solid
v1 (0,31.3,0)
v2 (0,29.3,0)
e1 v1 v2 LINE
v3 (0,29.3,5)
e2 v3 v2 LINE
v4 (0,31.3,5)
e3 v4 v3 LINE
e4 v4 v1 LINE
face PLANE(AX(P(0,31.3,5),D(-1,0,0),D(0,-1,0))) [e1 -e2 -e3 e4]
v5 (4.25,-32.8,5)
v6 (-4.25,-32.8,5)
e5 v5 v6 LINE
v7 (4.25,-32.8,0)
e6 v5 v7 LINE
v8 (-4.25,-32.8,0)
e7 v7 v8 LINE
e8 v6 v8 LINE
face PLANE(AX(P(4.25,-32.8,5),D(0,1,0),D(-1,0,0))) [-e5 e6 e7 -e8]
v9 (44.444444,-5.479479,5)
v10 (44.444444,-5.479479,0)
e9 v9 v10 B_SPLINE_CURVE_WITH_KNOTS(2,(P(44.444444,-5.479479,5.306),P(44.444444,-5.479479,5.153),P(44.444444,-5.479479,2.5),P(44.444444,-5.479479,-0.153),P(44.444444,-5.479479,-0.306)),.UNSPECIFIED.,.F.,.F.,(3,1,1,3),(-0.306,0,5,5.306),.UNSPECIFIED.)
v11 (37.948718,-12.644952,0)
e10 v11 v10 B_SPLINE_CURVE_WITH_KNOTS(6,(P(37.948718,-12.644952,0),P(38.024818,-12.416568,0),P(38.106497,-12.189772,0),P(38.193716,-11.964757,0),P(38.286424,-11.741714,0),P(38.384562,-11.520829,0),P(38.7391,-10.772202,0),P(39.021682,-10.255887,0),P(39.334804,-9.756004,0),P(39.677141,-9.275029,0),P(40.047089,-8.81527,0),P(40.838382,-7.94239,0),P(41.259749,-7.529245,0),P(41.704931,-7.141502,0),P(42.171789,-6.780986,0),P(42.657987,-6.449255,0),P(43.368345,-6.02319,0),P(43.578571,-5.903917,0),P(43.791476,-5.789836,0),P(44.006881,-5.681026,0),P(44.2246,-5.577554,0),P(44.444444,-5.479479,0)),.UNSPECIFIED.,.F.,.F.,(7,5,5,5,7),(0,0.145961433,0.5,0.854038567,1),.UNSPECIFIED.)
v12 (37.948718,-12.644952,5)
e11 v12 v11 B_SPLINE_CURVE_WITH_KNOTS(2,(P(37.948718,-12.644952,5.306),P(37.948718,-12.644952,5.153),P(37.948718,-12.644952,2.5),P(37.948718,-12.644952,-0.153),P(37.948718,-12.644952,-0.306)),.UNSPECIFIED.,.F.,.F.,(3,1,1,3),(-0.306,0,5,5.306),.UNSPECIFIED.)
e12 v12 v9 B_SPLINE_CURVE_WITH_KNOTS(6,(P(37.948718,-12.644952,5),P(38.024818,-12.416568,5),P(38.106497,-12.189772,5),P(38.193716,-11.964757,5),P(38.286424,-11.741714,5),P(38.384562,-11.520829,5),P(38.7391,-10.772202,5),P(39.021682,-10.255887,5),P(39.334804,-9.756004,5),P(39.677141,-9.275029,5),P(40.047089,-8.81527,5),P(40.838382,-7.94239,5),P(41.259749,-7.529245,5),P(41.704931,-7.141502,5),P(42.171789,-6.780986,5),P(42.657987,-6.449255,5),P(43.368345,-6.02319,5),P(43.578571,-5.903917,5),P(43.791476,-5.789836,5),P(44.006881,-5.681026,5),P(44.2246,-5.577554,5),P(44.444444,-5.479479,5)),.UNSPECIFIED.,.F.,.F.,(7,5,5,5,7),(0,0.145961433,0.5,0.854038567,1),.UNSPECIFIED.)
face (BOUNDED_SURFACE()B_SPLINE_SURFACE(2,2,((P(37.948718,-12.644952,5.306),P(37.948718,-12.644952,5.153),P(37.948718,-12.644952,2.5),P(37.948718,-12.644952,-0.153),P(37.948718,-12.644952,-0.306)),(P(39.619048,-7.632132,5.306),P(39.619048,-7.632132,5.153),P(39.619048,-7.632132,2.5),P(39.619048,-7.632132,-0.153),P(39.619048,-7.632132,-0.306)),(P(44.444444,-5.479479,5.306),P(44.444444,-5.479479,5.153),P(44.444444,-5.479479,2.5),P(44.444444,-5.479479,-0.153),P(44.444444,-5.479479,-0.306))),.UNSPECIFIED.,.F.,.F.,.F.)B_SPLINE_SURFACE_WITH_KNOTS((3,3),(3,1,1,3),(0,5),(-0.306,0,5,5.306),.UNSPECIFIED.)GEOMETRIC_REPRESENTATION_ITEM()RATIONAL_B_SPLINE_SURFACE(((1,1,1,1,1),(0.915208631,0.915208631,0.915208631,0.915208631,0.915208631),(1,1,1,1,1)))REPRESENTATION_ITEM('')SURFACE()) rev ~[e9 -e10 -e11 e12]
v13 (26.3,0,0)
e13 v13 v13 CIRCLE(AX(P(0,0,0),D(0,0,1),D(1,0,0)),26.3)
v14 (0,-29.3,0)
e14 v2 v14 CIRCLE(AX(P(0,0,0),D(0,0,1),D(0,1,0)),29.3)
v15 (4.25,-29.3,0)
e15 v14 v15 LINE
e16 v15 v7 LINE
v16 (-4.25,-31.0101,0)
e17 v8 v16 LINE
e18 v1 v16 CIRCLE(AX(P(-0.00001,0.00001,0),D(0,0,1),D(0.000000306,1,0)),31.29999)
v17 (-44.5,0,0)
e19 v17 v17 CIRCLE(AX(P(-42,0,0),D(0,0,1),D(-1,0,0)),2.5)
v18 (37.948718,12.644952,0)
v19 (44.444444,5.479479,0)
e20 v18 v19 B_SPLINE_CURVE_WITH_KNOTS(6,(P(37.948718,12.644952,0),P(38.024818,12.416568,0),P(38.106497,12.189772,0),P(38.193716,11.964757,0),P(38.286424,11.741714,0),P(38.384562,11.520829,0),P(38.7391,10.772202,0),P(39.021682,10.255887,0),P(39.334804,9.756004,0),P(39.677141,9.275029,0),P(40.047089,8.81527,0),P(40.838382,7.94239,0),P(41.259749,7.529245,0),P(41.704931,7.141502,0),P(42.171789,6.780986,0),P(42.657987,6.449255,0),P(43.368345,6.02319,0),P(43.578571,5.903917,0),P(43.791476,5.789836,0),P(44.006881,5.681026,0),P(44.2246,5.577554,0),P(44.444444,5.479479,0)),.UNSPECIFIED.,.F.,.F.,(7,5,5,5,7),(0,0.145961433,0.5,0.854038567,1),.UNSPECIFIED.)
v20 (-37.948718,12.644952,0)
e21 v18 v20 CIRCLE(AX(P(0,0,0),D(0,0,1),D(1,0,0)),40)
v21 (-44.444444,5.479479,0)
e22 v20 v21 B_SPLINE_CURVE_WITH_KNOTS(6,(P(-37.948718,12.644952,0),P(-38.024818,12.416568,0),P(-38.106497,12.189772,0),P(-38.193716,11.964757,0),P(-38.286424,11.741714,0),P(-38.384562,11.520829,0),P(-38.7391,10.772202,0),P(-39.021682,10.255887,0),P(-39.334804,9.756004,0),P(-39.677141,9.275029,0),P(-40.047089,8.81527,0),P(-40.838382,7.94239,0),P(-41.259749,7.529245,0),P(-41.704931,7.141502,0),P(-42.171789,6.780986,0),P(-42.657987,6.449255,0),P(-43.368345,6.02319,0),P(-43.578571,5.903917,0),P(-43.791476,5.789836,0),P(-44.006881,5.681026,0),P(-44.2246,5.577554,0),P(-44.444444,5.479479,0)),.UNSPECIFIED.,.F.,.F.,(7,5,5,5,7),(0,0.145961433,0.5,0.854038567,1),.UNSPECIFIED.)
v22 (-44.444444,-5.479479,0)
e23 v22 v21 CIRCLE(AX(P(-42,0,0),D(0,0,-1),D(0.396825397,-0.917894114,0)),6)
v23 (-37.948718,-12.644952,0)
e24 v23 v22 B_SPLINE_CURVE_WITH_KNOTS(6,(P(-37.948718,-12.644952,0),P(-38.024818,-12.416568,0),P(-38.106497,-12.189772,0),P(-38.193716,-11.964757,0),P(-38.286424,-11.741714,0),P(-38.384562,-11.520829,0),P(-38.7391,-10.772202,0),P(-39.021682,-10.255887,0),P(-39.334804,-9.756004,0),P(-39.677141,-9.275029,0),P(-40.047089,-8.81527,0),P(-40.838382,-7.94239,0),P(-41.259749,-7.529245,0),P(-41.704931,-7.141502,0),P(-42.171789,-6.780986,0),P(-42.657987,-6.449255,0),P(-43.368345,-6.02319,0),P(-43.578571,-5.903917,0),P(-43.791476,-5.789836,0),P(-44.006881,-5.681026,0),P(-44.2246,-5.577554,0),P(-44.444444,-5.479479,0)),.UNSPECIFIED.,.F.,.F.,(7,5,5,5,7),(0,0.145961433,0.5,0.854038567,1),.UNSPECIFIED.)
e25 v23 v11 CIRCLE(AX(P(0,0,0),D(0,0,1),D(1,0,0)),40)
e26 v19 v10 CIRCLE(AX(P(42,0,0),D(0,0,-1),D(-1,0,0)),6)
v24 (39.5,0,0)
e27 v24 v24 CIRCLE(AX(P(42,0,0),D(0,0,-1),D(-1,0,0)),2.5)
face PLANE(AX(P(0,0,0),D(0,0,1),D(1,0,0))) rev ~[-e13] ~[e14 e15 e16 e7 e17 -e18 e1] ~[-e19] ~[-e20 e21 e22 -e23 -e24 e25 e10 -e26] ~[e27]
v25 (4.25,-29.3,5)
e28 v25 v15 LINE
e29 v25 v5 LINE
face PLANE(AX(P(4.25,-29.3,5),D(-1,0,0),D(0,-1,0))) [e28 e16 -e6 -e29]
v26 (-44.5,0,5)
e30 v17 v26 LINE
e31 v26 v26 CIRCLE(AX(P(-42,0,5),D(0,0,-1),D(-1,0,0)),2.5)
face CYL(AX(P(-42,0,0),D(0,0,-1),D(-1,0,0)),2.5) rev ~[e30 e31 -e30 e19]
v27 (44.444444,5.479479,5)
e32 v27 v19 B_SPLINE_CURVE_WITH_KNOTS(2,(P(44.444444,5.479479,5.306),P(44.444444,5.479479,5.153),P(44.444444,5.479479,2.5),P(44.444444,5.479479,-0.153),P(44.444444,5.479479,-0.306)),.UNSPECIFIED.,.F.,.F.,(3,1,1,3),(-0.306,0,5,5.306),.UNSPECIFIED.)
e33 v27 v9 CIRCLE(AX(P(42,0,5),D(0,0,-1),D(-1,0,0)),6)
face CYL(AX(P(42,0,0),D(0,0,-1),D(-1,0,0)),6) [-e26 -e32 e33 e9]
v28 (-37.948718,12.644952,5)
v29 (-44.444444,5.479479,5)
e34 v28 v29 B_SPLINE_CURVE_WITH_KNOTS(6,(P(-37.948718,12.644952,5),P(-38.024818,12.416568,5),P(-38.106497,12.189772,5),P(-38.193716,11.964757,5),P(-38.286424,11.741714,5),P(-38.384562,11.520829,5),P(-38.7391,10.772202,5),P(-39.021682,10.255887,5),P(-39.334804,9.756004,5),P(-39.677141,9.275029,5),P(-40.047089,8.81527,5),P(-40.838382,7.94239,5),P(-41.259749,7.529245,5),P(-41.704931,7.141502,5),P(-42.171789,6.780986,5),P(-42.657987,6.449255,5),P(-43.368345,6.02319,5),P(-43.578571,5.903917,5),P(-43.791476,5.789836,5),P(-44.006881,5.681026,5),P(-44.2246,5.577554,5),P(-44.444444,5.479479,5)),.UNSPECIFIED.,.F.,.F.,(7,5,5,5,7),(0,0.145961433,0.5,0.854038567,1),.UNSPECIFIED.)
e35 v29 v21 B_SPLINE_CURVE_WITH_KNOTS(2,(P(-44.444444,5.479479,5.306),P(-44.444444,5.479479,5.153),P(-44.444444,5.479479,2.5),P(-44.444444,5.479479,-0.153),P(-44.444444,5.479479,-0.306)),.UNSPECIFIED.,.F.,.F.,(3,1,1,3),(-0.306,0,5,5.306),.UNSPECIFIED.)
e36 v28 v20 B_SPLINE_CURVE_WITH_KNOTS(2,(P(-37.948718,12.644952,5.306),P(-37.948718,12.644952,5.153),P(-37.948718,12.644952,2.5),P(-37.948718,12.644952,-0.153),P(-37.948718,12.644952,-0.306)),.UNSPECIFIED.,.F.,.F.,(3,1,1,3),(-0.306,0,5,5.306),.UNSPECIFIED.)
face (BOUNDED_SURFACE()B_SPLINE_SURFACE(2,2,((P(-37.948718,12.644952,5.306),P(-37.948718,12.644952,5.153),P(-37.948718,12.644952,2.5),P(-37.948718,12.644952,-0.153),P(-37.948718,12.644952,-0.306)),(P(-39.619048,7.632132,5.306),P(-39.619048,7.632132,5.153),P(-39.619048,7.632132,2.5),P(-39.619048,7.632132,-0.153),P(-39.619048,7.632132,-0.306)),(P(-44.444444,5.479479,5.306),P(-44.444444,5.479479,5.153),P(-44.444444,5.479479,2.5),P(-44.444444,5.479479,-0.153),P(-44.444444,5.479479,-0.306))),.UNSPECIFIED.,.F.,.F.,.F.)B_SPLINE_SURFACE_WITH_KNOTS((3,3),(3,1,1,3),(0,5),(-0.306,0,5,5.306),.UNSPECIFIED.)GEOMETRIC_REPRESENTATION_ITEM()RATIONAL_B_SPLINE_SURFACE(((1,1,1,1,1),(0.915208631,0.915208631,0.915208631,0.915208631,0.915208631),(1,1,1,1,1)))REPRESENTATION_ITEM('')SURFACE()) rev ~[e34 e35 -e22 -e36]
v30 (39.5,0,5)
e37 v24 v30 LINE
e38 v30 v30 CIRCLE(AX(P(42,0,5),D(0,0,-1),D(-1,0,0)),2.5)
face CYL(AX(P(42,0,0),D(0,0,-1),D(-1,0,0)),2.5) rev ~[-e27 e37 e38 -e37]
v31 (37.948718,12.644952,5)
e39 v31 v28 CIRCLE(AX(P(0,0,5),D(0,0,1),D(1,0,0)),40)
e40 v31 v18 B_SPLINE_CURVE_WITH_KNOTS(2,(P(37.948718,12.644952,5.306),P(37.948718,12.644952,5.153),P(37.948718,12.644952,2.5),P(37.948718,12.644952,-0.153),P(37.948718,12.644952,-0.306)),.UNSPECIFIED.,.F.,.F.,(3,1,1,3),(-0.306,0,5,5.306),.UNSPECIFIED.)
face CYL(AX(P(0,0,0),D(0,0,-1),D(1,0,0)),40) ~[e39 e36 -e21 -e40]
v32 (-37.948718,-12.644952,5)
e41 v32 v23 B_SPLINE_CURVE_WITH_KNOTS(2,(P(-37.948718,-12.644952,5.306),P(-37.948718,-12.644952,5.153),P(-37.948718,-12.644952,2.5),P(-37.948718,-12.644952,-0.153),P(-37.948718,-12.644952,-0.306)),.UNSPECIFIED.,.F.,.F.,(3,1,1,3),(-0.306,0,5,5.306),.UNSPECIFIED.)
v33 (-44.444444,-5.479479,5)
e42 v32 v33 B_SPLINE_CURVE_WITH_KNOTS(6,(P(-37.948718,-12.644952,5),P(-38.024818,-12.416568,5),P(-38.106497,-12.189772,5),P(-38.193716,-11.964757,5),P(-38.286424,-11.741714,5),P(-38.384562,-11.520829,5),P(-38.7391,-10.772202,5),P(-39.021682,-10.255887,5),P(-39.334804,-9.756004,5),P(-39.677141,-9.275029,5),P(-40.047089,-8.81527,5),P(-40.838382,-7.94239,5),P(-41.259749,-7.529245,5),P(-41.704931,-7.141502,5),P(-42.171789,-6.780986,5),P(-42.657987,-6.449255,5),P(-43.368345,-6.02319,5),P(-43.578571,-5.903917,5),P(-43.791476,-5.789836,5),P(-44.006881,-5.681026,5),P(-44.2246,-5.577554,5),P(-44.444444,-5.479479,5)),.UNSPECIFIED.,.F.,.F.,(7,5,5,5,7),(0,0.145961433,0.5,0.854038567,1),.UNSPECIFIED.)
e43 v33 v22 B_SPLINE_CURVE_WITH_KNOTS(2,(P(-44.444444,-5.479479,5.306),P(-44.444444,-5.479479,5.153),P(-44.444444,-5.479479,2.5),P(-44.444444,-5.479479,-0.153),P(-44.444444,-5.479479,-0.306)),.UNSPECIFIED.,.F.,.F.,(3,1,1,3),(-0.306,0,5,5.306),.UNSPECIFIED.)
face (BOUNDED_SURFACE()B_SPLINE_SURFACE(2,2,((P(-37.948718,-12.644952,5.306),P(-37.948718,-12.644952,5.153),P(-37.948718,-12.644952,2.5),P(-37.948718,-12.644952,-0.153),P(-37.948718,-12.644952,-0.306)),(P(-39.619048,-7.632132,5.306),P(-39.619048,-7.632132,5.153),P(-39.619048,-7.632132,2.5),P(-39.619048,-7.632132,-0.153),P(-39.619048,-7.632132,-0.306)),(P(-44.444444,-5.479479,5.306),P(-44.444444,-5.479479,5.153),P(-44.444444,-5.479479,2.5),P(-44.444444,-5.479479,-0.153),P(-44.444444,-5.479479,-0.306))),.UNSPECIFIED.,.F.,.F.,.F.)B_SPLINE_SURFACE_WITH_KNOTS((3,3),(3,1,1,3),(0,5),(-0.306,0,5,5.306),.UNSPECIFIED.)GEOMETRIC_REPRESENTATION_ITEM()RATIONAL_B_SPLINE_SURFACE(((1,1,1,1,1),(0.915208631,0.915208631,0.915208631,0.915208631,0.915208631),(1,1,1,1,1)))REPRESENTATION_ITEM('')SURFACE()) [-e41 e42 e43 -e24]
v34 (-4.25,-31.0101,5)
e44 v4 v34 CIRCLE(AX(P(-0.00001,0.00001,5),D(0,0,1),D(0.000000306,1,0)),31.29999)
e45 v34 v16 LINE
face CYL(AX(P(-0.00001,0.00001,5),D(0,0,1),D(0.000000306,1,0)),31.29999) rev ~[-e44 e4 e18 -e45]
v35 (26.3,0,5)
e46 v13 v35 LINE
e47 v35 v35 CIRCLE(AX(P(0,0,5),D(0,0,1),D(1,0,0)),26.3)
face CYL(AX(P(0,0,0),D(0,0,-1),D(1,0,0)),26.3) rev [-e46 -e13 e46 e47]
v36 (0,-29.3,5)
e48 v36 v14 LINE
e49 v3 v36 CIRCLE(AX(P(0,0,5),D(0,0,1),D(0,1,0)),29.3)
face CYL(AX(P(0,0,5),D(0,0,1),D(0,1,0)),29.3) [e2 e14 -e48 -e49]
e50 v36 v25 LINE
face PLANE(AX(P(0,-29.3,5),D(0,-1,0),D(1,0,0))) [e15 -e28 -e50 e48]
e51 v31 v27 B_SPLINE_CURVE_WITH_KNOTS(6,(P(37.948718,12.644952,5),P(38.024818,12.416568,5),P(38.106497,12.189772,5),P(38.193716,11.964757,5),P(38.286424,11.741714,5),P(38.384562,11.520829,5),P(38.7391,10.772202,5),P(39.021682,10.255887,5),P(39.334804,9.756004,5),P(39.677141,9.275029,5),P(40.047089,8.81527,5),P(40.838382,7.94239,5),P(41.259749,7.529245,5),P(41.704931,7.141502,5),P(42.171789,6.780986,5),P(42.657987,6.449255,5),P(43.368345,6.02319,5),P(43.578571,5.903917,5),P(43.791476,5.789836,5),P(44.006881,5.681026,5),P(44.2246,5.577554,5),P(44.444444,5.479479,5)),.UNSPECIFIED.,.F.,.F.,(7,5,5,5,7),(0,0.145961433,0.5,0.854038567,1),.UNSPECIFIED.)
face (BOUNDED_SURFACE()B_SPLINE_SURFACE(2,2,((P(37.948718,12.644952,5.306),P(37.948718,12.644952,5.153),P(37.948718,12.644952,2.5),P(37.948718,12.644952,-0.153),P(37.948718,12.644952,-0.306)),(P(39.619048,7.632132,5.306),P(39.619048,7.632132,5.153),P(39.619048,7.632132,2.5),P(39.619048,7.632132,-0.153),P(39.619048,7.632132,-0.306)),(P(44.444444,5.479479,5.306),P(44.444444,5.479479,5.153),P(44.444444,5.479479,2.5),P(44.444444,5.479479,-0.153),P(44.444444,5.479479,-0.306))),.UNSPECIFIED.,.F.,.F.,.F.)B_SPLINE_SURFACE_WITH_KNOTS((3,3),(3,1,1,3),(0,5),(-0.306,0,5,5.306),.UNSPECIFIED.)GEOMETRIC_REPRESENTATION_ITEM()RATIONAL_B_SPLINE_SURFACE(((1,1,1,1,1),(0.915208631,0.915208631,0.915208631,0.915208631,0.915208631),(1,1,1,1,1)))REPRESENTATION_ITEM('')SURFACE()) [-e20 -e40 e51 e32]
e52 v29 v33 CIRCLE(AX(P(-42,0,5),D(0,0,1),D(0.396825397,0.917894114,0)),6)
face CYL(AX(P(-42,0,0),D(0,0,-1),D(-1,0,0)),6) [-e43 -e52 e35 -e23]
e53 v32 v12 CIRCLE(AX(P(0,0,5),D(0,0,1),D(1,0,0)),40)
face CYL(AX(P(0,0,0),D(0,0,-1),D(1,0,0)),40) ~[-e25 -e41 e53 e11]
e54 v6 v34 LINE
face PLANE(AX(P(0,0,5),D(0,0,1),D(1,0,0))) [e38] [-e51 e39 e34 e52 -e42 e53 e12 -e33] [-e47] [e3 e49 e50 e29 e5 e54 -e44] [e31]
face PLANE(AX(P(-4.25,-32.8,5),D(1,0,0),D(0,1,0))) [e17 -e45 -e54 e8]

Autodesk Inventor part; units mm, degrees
ref_plane "YZ Plane" through (0, 0, 0) normal (1, 0, 0) x (0, 1, 0)
ref_plane "XZ Plane" through (0, 0, 0) normal (0, 1, 0) x (-1, 0, 0)
ref_plane "XY Plane" through (0, 0, 0) normal (0, 0, 1) x (1, 0, 0)
sketch "Sketch1" plane through (0, 0, 0) normal (0, 0, 1) x (1, 0, 0)
  line L0 (0, 2.8582) -> (0, -2.8582) construction
  line L1 (-5.7775, 0) -> (5.7775, 0) construction
  circle A0 centre (0, 0) radius 26.3
  circle A1 centre (0, 0) radius 40
  line L2 (-40, 0) -> (-35, 0)
  circle A2 centre (-35, 0) radius 2.5
  line L3 (40, 0) -> (35, 0)
  circle A3 centre (35, 0) radius 2.5
  dimension "d0" = 52.6
  dimension "d1" = 80
  dimension "d4" = 5
  dimension "d5" = 5
  dimension "d6" = 5
  dimension "d7" = 5
extrude "Extrusion1" add sketch "Sketch1" along normal blind 5 contours A2 | A1 | A3
sketch "Sketch4" plane through (0, 0, 0) normal (0, 0, -1) x (-1, 0, 0)
  line L0 (0, 0) -> (-42, 0)
  line L1 (-42, 0) -> (42, 0)
  circle A0 centre (-42, 0) radius 2.5
  circle A1 centre (-42, 0) radius 6
  circle A2 centre (42, 0) radius 2.5
  circle A3 centre (42, 0) radius 6
  dimension "d19" = 42
  dimension "d20" = 84
  dimension "d21" = 5
  dimension "d22" = 12
  dimension "d23" = 5
  dimension "d24" = 12
extrude "Extrusion5" add sketch "Sketch4" against normal blind 5 contours A0 | A1 | A2 | A3
fillet "Fillet2" radius 12 4 edges at (39.619, -5.5074, 2.5) (39.619, 5.5074, 2.5) (-39.619, -5.5074, 2.5) (-39.619, 5.5074, 2.5)
extrude "Extrusion6" cut sketch "Sketch4" against normal blind 5 contours A0 | A2
sketch "Sketch5" plane through (0, 0, 5) normal (0, 0, 1) x (1, 0, 0)
  arc A0 (0, 29.3) -> (0, -29.3) centre (0, 0) ccw
  arc A1 (0, 31.3) -> (-4.25, -31.0101) centre (0, 0) ccw
  line L0 (0, 31.3) -> (0, 29.3)
  line L1 (0, -29.3) -> (4.25, -29.3)
  line L2 (4.25, -29.3) -> (4.25, -32.8)
  line L3 (4.25, -32.8) -> (-4.25, -32.8)
  line L4 (-4.25, -32.8) -> (-4.25, -31.0101)
  dimension "d30" = 29.3
  dimension "d31" = 31.3
  dimension "d32" = 4.25
  dimension "d33" = 3.5
  dimension "d34" = 8.5
extrude "Extrusion7" cut sketch "Sketch5" against normal blind 10
properties part number "Tussenplaat bevestiging axiale lager" material "S235"
